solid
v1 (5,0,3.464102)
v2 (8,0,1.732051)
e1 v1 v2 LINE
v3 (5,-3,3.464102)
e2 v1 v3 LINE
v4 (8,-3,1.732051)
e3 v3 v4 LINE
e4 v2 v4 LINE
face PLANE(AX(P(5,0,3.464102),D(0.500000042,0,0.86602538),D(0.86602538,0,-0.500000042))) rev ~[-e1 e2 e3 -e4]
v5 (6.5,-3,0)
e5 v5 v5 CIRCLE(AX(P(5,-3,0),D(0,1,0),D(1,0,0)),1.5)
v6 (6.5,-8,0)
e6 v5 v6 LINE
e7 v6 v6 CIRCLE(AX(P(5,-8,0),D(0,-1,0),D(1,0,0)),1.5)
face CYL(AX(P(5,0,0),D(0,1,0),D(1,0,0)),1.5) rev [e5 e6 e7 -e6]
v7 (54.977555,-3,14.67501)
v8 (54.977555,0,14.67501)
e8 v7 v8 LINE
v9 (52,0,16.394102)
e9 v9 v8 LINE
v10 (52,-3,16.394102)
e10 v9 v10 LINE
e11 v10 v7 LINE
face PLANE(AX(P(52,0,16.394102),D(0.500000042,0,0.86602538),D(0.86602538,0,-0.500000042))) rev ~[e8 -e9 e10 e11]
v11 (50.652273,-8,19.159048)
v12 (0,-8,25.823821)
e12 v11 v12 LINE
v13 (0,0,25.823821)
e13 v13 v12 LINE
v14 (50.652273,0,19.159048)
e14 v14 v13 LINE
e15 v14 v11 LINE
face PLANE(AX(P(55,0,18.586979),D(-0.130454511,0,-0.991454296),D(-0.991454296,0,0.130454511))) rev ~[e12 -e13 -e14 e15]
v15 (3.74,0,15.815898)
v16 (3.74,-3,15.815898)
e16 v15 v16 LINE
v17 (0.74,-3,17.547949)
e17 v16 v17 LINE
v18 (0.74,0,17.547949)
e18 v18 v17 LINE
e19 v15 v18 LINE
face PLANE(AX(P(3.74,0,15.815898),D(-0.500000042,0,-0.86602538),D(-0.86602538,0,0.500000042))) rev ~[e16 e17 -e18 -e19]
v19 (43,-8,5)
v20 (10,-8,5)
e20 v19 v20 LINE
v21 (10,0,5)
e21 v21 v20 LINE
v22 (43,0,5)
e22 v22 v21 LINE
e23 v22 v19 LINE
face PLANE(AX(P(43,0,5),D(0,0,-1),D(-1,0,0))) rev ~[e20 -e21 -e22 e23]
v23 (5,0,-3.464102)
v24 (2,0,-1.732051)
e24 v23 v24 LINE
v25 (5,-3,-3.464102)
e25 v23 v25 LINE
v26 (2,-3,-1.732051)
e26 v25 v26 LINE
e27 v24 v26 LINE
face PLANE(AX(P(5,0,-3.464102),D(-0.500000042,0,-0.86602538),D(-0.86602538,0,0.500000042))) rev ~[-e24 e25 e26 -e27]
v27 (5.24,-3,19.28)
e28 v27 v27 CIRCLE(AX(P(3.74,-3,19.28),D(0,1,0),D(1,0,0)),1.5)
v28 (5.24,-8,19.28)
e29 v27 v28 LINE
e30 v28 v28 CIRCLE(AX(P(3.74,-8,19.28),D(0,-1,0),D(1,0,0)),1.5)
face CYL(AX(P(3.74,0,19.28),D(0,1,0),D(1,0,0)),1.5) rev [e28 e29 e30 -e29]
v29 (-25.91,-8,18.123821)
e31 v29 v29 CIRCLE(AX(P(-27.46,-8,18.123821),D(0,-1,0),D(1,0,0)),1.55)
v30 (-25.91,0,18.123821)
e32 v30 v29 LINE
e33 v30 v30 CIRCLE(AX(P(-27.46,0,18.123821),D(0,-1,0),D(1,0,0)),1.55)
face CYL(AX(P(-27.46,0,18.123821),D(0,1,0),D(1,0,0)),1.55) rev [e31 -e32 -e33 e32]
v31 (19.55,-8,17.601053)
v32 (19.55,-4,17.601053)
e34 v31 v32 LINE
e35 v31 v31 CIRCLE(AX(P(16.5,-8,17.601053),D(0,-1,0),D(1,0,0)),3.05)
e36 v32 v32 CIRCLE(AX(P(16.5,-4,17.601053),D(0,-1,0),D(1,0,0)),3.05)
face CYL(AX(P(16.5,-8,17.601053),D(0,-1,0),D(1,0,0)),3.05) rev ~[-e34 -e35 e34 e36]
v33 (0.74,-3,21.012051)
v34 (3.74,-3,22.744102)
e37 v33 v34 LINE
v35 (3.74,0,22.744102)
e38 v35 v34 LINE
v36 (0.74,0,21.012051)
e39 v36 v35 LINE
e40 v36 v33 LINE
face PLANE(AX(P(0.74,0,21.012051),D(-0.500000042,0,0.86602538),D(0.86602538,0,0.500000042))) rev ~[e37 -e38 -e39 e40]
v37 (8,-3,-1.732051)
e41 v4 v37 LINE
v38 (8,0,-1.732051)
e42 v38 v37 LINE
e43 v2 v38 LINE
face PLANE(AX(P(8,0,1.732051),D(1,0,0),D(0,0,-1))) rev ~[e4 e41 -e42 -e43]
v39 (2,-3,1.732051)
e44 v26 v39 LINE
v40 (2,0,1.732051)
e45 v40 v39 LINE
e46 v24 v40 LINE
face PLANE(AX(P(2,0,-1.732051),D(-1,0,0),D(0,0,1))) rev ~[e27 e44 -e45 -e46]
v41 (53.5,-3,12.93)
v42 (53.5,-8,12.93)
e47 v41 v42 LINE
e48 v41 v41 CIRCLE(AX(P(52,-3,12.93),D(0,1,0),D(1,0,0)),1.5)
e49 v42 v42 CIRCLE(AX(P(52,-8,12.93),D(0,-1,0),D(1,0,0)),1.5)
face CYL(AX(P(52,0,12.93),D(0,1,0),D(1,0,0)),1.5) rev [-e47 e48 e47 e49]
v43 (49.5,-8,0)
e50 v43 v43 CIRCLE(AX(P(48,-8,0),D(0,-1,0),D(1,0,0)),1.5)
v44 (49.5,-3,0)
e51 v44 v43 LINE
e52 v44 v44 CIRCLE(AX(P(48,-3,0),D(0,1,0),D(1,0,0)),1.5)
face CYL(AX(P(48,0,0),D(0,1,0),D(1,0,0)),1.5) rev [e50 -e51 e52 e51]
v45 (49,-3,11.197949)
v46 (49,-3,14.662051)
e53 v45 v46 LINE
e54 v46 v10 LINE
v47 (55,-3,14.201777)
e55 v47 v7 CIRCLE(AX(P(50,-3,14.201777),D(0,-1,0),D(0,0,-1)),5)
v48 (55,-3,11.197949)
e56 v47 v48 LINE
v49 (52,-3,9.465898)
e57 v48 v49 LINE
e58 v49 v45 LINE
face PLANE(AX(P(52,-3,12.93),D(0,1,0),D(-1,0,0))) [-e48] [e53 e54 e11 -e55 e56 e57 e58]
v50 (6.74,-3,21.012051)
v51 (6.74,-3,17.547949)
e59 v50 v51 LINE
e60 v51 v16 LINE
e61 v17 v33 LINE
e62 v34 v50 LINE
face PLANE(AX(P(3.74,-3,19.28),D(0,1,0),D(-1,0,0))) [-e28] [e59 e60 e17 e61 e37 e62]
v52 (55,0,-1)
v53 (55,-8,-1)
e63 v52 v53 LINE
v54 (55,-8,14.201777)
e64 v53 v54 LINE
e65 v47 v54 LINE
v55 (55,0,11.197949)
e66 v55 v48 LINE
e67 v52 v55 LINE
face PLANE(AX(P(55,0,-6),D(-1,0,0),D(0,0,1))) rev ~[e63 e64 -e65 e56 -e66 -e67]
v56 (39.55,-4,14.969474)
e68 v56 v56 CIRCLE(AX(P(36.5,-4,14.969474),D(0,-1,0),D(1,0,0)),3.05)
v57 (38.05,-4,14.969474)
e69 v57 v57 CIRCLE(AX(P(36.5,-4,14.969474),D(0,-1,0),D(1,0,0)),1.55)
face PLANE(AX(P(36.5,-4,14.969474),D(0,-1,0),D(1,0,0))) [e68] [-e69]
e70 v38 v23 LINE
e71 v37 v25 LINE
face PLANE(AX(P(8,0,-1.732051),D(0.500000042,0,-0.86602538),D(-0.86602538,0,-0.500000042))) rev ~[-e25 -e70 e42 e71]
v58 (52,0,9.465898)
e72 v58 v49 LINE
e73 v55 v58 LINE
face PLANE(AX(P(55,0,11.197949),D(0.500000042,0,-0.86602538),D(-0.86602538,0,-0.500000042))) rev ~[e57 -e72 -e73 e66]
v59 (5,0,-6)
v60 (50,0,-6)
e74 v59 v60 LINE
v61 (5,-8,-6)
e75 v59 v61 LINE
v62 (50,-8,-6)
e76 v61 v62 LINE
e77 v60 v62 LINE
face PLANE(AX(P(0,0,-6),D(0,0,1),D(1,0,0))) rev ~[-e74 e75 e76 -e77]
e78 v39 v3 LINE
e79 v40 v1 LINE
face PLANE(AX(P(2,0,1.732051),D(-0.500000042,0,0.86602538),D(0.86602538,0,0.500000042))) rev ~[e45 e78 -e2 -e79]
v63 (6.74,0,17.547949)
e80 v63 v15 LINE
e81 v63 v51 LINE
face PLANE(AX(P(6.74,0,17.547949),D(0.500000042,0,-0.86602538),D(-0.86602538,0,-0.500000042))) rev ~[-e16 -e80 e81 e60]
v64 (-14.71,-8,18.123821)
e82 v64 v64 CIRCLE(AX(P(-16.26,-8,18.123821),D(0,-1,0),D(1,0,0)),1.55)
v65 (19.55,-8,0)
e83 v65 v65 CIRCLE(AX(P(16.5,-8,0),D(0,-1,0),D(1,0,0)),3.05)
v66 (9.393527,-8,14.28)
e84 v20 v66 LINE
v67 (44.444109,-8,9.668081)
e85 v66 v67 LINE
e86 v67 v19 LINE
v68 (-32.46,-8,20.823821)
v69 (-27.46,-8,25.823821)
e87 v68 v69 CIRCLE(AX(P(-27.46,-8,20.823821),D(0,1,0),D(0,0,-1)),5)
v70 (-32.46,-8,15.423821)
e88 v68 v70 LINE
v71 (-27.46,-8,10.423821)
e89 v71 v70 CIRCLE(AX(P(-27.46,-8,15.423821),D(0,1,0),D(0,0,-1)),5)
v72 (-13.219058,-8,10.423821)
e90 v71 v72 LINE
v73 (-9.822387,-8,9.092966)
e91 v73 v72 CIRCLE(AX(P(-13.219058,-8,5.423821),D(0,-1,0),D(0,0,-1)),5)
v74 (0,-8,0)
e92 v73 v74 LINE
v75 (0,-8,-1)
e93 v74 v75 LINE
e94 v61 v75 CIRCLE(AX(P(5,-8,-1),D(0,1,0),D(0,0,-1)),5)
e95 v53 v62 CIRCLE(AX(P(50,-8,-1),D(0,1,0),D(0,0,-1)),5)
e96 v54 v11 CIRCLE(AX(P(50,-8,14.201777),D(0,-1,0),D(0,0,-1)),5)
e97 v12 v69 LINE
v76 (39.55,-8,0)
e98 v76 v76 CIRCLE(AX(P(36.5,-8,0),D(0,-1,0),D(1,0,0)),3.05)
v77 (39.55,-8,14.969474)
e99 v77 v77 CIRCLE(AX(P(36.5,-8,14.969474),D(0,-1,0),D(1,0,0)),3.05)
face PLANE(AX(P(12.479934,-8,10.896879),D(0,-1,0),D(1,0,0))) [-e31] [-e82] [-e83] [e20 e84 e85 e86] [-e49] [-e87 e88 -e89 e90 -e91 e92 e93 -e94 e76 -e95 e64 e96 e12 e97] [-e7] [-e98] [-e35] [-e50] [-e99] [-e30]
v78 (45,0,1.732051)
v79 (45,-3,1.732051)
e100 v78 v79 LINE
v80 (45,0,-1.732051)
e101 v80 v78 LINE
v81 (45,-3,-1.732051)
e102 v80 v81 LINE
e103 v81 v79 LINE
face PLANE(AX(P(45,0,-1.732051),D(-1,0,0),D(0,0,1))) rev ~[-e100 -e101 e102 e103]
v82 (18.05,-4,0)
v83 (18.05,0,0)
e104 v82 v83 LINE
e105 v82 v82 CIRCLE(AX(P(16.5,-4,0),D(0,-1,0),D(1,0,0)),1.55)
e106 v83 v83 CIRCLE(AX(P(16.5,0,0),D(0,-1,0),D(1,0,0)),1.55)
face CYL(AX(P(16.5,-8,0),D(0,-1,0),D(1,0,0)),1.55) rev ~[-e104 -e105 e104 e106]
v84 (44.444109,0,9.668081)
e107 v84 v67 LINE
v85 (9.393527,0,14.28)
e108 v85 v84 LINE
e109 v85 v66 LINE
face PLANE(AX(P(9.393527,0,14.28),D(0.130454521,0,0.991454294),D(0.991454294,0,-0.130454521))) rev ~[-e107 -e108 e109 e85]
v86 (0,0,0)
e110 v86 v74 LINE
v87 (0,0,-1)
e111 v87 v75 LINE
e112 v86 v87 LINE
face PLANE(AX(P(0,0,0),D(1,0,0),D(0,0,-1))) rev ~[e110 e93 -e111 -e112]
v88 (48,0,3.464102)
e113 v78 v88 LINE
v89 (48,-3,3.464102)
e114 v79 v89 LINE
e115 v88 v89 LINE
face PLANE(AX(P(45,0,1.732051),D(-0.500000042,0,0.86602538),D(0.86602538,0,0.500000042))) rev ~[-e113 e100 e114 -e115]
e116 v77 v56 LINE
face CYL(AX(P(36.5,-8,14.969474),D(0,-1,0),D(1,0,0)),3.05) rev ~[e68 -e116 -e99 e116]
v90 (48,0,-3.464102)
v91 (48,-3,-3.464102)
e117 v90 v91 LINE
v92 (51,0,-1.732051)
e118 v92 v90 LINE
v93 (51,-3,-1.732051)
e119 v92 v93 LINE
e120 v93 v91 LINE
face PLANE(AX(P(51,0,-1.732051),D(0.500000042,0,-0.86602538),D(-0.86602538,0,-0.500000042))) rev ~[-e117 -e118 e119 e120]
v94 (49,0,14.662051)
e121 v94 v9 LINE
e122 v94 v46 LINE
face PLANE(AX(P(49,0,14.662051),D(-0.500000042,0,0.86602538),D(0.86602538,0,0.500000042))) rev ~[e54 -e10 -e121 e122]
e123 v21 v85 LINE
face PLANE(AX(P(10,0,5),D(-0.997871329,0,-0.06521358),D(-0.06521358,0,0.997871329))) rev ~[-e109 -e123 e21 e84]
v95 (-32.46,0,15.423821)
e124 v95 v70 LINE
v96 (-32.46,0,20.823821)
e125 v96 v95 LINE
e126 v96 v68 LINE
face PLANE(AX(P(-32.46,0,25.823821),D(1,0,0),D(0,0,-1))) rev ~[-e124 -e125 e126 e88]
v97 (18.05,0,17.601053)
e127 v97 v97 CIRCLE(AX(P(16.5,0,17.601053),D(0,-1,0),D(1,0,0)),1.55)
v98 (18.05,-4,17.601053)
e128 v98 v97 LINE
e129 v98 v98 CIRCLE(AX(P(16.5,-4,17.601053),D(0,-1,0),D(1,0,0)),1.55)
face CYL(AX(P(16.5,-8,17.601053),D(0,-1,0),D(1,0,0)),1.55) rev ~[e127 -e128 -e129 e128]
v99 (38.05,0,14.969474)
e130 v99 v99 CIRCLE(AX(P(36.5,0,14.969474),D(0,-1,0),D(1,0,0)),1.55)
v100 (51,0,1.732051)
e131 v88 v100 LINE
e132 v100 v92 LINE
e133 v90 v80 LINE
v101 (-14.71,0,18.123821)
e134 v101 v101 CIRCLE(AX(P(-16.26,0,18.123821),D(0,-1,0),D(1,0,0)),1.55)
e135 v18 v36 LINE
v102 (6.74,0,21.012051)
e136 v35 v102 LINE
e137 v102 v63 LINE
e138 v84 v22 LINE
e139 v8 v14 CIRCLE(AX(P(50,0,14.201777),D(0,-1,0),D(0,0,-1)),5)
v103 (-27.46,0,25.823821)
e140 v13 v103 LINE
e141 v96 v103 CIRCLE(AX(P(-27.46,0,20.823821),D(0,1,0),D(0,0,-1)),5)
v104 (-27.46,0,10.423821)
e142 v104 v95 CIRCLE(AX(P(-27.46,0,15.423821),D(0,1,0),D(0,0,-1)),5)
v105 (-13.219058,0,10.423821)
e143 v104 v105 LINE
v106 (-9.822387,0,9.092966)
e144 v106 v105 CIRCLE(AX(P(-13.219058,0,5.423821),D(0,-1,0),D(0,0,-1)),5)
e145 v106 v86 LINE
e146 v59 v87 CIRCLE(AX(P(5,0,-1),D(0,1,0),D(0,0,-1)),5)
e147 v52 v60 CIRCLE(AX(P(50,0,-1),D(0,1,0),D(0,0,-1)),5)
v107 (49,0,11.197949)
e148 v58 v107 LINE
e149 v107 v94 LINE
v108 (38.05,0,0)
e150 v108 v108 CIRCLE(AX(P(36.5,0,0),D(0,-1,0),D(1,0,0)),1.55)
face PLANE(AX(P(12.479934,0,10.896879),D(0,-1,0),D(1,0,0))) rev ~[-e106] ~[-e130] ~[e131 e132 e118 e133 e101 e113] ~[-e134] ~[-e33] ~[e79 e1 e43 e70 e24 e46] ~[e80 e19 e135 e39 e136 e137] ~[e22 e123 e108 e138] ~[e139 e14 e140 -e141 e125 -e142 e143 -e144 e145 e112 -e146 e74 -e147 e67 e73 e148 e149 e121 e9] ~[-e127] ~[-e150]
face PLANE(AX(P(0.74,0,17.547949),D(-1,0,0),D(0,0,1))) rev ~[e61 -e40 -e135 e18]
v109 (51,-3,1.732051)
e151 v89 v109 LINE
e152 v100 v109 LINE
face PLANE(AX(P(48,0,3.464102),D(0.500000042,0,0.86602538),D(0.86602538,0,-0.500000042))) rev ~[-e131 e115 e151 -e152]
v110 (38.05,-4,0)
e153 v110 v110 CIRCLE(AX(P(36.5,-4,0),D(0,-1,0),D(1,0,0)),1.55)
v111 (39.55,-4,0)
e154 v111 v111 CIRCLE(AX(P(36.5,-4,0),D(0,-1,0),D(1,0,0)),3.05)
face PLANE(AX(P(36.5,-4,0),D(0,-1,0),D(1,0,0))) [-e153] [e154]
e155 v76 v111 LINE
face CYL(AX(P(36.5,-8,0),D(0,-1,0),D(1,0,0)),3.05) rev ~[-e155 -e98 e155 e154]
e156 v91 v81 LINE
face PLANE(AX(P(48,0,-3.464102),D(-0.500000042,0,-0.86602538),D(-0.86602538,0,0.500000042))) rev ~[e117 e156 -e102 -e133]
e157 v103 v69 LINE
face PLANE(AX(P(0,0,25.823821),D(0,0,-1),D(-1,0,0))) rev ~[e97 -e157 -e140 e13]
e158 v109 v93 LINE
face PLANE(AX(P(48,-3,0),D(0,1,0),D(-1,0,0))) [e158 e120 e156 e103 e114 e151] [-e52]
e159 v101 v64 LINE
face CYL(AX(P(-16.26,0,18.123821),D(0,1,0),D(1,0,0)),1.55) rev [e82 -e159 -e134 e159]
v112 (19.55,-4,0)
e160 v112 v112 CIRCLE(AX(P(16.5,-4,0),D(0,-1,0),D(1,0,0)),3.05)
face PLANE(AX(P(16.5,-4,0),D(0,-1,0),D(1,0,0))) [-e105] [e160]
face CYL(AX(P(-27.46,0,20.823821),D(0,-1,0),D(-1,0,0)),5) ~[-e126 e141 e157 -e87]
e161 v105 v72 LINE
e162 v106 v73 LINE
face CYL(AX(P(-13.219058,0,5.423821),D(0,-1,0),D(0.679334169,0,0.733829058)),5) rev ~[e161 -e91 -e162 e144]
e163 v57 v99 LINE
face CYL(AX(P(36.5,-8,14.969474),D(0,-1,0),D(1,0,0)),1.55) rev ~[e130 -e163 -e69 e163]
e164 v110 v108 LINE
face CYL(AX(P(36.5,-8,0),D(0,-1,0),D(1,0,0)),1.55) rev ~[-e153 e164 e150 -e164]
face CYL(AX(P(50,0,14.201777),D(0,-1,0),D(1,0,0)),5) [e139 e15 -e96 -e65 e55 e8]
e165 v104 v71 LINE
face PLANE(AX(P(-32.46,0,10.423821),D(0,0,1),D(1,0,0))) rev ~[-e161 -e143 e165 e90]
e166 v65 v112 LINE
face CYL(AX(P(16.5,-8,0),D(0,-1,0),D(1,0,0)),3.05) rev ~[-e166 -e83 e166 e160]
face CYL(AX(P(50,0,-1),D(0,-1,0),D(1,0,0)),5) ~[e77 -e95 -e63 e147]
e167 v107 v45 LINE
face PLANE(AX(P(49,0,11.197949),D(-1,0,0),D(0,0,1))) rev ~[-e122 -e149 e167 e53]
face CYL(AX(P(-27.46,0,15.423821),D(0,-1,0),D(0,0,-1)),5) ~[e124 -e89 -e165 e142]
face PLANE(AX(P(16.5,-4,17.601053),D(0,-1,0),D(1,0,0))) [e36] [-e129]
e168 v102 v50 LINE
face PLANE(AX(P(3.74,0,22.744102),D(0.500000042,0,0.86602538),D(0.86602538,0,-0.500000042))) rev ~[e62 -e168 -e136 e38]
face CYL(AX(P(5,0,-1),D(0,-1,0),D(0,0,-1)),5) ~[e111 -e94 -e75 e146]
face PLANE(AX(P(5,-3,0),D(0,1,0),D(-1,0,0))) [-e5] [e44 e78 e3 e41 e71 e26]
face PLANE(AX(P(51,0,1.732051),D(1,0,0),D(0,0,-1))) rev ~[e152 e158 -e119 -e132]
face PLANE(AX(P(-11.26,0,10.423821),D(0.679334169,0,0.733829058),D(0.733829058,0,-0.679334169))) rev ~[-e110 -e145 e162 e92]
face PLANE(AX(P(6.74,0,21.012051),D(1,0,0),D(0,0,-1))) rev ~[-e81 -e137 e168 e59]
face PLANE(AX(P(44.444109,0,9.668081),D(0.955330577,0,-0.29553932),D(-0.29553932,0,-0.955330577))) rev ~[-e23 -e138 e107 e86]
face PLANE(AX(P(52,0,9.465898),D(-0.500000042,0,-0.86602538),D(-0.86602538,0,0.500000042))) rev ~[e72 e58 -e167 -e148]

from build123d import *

# Parameters (mm, degrees)
F0_R     = 1.5
F0_R_2   = 1.55
F1_DEPTH = 8
F3_DEPTH = 3
F4_R     = 1.55
F5_DEPTH = 8.001
F6_R     = 3.05
F7_DEPTH = 4
F8_R     = 5


with BuildPart() as f1:
    # F0 (on Front) → F1 (new body)
    with BuildSketch(Plane.XZ):
        Polygon((55, -6), (55, 18.586979), (0, 25.823821), (-32.46, 25.823821), (-32.46, 18.123821), (-32.46, 10.423821), (-11.26, 10.423821), (0, 0), (0, -6), align=None)
        with Locations((5, 0)):
            Circle(F0_R, mode=Mode.SUBTRACT)
        with Locations((48, 0)):
            Circle(F0_R, mode=Mode.SUBTRACT)
        Polygon((10, 5), (9.393527, 14.28), (44.444109, 9.668081), (43, 5), align=None, mode=Mode.SUBTRACT)
        with Locations((-27.46, 18.123821)):
            Circle(F0_R_2, mode=Mode.SUBTRACT)
        with Locations((-16.26, 18.123821)):
            Circle(F0_R_2, mode=Mode.SUBTRACT)
        with Locations((3.74, 19.28)):
            Circle(F0_R, mode=Mode.SUBTRACT)
        with Locations((52, 12.93)):
            Circle(F0_R, mode=Mode.SUBTRACT)
    extrude(amount=F1_DEPTH)

    # F2 (on face) → F3 (cut)
    with BuildSketch(Plane(origin=(0, 0, 0), x_dir=(-1, 0, 0), z_dir=(0, 1, 0))):
        Polygon((-49, 11.197949), (-49, 14.662051), (-52, 16.394102), (-55, 14.662051), (-55, 11.197949), (-52, 9.465898), align=None)
        Polygon((-45, -1.732051), (-45, 1.732051), (-48, 3.464102), (-51, 1.732051), (-51, -1.732051), (-48, -3.464102), align=None)
        Polygon((-8, 1.732051), (-8, -1.732051), (-5, -3.464102), (-2, -1.732051), (-2, 1.732051), (-5, 3.464102), align=None)
        Polygon((-6.74, 21.012051), (-6.74, 17.547949), (-3.74, 15.815898), (-0.74, 17.547949), (-0.74, 21.012051), (-3.74, 22.744102), align=None)
    extrude(amount=-F3_DEPTH, mode=Mode.SUBTRACT)

    # F4 (on face) → F5 (cut, through all)
    with BuildSketch(Plane.XZ.offset(8)):
        with Locations((16.5, 0)):
            Circle(F4_R)
        with Locations((36.5, 0)):
            Circle(F4_R)
        with Locations((16.5, 17.601053)):
            Circle(F4_R)
        with Locations((36.5, 14.969474)):
            Circle(F4_R)
    extrude(amount=-F5_DEPTH, mode=Mode.SUBTRACT)

    # F6 (on face) → F7 (cut)
    with BuildSketch(Plane.XZ.offset(8)):
        with Locations((16.5, 0)):
            Circle(F6_R)
        with Locations((36.5, 0)):
            Circle(F6_R)
        with Locations((16.5, 17.601053)):
            Circle(F6_R)
        with Locations((36.5, 14.969474)):
            Circle(F6_R)
    extrude(amount=-F7_DEPTH, mode=Mode.SUBTRACT)

    # F8
    f8_edges = [f1.edges().sort_by_distance(p)[0] for p in [
        (-32.46, -4, 25.823821),
        (-32.46, -4, 10.423821),
        (-11.26, -4, 10.423821),
        (0, -4, -6),
        (55, -4, -6),
        (55, -4, 18.586979),
    ]]
    fillet(f8_edges, radius=F8_R)


solid = f1.part
